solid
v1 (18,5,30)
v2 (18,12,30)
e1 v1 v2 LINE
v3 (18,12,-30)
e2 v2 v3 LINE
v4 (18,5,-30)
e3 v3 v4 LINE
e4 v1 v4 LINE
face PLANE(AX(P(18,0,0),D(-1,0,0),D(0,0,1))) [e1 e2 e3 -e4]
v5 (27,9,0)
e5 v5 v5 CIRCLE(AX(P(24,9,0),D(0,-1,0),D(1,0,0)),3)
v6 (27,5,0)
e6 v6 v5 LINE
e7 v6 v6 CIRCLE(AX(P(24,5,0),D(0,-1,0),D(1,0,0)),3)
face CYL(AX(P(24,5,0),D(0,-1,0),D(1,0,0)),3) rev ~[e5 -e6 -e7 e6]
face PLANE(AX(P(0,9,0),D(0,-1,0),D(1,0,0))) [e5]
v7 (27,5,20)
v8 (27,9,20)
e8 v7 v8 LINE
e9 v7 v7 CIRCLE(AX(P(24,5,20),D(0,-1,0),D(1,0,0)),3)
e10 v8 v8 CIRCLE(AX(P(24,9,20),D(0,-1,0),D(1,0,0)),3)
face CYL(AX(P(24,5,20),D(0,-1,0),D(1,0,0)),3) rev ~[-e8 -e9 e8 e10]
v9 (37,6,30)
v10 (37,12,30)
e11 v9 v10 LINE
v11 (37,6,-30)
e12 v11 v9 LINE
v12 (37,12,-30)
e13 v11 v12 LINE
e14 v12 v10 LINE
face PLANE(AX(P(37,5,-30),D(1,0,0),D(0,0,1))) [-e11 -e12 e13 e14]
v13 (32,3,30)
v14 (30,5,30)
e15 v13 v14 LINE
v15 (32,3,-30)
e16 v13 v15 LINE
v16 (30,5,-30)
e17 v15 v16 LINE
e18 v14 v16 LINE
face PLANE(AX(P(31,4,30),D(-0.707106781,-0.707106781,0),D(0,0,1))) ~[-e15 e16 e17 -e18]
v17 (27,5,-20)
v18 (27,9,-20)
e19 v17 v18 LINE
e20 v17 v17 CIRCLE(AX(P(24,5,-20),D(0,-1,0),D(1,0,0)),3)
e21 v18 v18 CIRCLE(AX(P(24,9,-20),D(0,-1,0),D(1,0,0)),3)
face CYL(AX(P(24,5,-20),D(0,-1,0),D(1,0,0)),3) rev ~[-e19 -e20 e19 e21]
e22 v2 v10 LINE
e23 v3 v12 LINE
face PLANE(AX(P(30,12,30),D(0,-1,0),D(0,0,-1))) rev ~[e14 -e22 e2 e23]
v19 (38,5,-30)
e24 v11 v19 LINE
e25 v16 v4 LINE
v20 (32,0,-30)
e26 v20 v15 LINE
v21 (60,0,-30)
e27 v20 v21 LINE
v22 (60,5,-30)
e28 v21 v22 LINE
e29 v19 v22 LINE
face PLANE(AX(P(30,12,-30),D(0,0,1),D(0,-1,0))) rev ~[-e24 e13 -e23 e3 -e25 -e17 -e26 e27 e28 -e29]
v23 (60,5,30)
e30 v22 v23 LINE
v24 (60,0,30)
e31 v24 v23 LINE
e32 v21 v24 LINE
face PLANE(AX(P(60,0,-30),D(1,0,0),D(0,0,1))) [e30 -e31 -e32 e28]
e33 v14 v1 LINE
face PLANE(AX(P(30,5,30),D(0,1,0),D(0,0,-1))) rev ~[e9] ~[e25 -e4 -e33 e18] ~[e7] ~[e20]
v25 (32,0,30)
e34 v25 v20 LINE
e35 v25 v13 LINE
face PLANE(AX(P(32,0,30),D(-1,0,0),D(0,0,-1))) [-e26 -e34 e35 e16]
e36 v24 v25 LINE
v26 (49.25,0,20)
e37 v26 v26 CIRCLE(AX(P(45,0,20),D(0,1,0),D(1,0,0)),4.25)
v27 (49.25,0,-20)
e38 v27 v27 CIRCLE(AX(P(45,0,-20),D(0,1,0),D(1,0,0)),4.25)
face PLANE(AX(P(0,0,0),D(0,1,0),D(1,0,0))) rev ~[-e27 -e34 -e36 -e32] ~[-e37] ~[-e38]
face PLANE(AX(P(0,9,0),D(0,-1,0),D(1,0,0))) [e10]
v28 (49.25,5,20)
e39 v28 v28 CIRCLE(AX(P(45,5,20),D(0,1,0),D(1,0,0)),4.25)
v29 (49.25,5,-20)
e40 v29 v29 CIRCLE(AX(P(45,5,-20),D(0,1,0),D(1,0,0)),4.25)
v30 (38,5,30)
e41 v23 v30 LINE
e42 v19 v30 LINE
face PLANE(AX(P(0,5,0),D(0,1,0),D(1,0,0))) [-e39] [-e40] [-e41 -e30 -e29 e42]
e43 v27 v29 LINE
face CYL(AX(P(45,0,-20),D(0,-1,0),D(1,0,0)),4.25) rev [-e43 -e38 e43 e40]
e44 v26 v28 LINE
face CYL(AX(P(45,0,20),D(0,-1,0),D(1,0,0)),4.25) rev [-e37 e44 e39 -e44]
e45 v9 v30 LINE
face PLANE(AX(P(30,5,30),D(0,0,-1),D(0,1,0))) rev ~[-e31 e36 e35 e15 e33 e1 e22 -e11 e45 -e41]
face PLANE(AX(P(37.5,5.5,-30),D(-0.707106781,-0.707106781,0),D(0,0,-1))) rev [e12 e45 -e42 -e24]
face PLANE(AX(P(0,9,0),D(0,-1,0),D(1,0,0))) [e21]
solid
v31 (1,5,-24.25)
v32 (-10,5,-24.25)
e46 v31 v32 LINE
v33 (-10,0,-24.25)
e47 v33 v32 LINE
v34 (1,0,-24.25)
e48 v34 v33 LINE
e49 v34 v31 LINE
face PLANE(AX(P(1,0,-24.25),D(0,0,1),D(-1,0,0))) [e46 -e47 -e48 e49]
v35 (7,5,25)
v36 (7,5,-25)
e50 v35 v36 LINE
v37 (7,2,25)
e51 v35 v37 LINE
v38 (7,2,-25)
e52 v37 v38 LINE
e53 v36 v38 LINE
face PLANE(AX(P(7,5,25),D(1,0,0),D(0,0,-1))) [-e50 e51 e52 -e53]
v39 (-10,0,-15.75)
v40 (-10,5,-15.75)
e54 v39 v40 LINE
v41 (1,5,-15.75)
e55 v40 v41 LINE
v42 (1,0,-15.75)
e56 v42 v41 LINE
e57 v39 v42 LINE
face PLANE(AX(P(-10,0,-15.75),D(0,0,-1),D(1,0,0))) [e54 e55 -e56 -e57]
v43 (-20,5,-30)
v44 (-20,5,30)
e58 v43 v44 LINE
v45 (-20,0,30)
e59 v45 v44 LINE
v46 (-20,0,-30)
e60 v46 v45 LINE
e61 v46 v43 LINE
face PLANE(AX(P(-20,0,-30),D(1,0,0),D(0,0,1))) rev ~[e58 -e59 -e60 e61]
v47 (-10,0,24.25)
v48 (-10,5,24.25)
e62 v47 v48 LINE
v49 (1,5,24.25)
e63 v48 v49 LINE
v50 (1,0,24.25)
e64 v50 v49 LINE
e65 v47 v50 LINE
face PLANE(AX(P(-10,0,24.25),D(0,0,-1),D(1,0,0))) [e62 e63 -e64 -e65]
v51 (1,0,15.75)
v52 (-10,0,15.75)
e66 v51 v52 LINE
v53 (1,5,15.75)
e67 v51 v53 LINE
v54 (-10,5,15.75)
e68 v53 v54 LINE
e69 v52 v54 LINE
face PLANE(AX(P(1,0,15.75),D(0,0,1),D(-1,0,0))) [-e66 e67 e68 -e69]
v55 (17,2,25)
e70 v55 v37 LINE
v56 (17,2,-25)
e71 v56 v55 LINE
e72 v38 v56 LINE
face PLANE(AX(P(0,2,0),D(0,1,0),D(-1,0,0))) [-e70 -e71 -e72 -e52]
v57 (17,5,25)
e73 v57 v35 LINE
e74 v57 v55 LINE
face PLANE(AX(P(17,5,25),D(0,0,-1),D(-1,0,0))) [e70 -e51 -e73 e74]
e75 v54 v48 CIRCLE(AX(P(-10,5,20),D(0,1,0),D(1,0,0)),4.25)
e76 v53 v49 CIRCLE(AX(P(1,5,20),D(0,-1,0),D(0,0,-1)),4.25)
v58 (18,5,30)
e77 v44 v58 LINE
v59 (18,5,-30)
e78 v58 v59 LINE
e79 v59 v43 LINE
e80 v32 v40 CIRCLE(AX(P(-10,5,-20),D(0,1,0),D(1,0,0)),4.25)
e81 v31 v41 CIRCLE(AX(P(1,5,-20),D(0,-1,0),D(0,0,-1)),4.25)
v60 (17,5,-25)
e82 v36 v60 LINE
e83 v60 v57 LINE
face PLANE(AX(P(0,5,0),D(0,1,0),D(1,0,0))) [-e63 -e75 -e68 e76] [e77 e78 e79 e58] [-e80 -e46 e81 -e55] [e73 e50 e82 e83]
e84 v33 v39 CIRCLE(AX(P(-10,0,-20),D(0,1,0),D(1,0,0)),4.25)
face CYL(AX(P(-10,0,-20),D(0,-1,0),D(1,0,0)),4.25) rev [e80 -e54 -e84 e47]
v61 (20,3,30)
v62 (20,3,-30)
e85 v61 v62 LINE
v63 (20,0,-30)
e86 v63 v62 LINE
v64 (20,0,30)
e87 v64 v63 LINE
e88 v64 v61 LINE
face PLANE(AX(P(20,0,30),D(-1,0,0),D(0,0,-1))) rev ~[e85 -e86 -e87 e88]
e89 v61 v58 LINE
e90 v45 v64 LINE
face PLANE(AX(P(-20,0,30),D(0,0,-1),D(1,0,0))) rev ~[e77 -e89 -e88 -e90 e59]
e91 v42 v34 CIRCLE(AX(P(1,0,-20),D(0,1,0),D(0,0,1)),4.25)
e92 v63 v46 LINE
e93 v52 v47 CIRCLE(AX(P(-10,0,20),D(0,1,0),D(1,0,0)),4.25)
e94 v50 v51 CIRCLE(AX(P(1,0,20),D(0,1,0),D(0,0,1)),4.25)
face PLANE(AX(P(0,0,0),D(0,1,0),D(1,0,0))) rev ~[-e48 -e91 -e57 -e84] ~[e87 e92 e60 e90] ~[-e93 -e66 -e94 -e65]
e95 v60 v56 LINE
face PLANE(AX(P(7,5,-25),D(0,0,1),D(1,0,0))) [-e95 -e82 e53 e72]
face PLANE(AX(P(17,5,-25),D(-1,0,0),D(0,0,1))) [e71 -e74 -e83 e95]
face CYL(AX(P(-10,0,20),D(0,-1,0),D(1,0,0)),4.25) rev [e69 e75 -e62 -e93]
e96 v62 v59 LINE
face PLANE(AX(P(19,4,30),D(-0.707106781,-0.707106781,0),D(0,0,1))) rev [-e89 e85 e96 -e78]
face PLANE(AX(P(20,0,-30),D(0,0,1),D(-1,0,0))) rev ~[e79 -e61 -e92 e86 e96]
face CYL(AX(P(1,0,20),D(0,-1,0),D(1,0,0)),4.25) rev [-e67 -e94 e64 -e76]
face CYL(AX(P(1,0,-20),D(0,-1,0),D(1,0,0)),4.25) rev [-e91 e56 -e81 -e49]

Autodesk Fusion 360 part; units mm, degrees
sketch "Sketch1" plane through (0, 0, 0) normal (0, 1, 0) x (1, 0, 0)
  line L0 (20, 30) -> (-20, 30)
  line L1 (-20, 30) -> (-20, -30)
  line L2 (-20, -30) -> (20, -30)
  line L3 (20, -30) -> (20, 30)
  line L4 (20, 30) -> (-20, -30) construction
  line L5 (-20, 30) -> (20, -30) construction
  circle A0 centre (-10, 20) radius 4.25
  circle A1 centre (1, 20) radius 4.25
  circle A2 centre (-10, -20) radius 4.25
  circle A3 centre (1, -20) radius 4.25
  line L6 (-10, 15.75) -> (1, 15.75)
  line L7 (1, 15.75) -> (1, 24.25)
  line L8 (1, 24.25) -> (-10, 24.25)
  line L9 (-10, 24.25) -> (-10, 15.75)
  line L10 (-10, -24.25) -> (1, -24.25)
  line L11 (1, -24.25) -> (1, -15.75)
  line L12 (1, -15.75) -> (-10, -15.75)
  line L13 (-10, -15.75) -> (-10, -24.25)
  dimension "d1" = 40
  dimension "d2" = 60
  dimension "d3" = 8.5
  dimension "d4" = 8.5
  dimension "d5" = 8.5
  dimension "d6" = 8.5
extrude "Extrude1" add sketch "Sketch1" along normal blind 5 makes body 1
sketch "Sketch4" plane through (0, 0, 0) normal (0, 1, 0) x (1, 0, 0)
  line L0 (30, 30) -> (60, 30)
  line L1 (60, 30) -> (60, -30)
  line L2 (60, -30) -> (30, -30)
  line L3 (30, -30) -> (30, 30)
  circle A0 centre (45, 20) radius 4.25
  circle A1 centre (45, -20) radius 4.25
  dimension "d18" = 8.5
  dimension "d19" = 8.5
extrude "Extrude4" add sketch "Sketch4" along normal blind 5 separate body makes body 2
sketch "Sketch6" plane through (0, 5, 0) normal (0, 1, 0) x (-1, 0, 0)
  circle A0 centre (-45, -20) radius 4.25
  circle A1 centre (-45, 20) radius 4.25
  line L0 (-30, 30) -> (-60, 30)
  line L1 (-60, 30) -> (-60, -30)
  line L2 (-60, -30) -> (-30, -30)
  line L3 (-30, -30) -> (-30, 30)
  line L4 (-30, -30) -> (-37, -30)
  line L5 (-37, -30) -> (-37, 30)
  line L6 (-37, 30) -> (-30, 30)
  line L7 (-30, 30) -> (-30, -30)
extrude "Extrude7" add sketch "Sketch6" along normal blind 7 contours L0 L2 L3 L4 L5 L6 L7 bodies 2
sketch "Sketch7" plane through (30, 0, 0) normal (-1, 0, 0) x (0, 0, 1)
  line L0 (-30, 0) -> (30, 0)
  line L1 (30, 0) -> (30, 12)
  line L2 (30, 12) -> (-30, 12)
  line L3 (-30, 12) -> (-30, 0)
  line L4 (-30, 12) -> (30, 12)
  line L5 (30, 12) -> (30, 5)
  line L6 (30, 5) -> (-30, 5)
  line L7 (-30, 5) -> (-30, 12)
extrude "Extrude9" add sketch "Sketch7" along normal blind 12 contours L1 L2 L3 L4 L5 L6 L7 bodies 2
sketch "Sketch8" plane through (0, 5, 0) normal (0, 1, 0) x (-1, 0, 0)
  line L0 (10, 15.75) -> (-1, 15.75)
  arc A0 (-1, 24.25) -> (-1, 15.75) centre (-1, 20) ccw
  line L1 (-1, 24.25) -> (10, 24.25)
  arc A1 (10, 15.75) -> (10, 24.25) centre (10, 20) ccw
  line L2 (10, -24.25) -> (-1, -24.25)
  arc A2 (-1, -15.75) -> (-1, -24.25) centre (-1, -20) ccw
  line L3 (-1, -15.75) -> (10, -15.75)
  arc A3 (10, -24.25) -> (10, -15.75) centre (10, -20) ccw
  line L4 (-20, 30) -> (-20, -30)
  line L5 (-20, -30) -> (20, -30)
  line L6 (20, -30) -> (20, 30)
  line L7 (20, 30) -> (-20, 30)
  line L8 (-7, -25) -> (-17, -25)
  line L9 (-17, -25) -> (-17, 25)
  line L10 (-17, 25) -> (-7, 25)
  line L11 (-7, 25) -> (-7, -25)
extrude "Extrude10" cut sketch "Sketch8" against normal blind 3 contours L8 L9 L10 L11 bodies 1
sketch "Sketch9" plane through (0, 5, 0) normal (0, -1, 0) x (1, 0, 0)
  line L0 (30, -30) -> (30, 30)
  line L1 (30, 30) -> (18, 30)
  line L2 (18, 30) -> (18, -30)
  line L3 (18, -30) -> (30, -30)
  circle A0 centre (24, 20) radius 3
  circle A1 centre (24, 0) radius 3
  circle A2 centre (24, -20) radius 3
extrude "Extrude11" cut sketch "Sketch9" against normal blind 4 contours A0 | A1 | A2 bodies 2
extrude "Extrude12" cut 1 faces at (30, 1.6667, 10) along direction (1, 0, 0) blind 2 on bodies 2 bodies 2
chamfer "Chamfer1" distance 2 angle 45 1 edges at (20, 5, 0) on bodies 1
chamfer "Chamfer2" distance 2 angle 45 1 edges at (32, 5, 0) on bodies 2
chamfer "Chamfer3" distance 1 angle 45 1 edges at (37, 5, 0) on bodies 2
